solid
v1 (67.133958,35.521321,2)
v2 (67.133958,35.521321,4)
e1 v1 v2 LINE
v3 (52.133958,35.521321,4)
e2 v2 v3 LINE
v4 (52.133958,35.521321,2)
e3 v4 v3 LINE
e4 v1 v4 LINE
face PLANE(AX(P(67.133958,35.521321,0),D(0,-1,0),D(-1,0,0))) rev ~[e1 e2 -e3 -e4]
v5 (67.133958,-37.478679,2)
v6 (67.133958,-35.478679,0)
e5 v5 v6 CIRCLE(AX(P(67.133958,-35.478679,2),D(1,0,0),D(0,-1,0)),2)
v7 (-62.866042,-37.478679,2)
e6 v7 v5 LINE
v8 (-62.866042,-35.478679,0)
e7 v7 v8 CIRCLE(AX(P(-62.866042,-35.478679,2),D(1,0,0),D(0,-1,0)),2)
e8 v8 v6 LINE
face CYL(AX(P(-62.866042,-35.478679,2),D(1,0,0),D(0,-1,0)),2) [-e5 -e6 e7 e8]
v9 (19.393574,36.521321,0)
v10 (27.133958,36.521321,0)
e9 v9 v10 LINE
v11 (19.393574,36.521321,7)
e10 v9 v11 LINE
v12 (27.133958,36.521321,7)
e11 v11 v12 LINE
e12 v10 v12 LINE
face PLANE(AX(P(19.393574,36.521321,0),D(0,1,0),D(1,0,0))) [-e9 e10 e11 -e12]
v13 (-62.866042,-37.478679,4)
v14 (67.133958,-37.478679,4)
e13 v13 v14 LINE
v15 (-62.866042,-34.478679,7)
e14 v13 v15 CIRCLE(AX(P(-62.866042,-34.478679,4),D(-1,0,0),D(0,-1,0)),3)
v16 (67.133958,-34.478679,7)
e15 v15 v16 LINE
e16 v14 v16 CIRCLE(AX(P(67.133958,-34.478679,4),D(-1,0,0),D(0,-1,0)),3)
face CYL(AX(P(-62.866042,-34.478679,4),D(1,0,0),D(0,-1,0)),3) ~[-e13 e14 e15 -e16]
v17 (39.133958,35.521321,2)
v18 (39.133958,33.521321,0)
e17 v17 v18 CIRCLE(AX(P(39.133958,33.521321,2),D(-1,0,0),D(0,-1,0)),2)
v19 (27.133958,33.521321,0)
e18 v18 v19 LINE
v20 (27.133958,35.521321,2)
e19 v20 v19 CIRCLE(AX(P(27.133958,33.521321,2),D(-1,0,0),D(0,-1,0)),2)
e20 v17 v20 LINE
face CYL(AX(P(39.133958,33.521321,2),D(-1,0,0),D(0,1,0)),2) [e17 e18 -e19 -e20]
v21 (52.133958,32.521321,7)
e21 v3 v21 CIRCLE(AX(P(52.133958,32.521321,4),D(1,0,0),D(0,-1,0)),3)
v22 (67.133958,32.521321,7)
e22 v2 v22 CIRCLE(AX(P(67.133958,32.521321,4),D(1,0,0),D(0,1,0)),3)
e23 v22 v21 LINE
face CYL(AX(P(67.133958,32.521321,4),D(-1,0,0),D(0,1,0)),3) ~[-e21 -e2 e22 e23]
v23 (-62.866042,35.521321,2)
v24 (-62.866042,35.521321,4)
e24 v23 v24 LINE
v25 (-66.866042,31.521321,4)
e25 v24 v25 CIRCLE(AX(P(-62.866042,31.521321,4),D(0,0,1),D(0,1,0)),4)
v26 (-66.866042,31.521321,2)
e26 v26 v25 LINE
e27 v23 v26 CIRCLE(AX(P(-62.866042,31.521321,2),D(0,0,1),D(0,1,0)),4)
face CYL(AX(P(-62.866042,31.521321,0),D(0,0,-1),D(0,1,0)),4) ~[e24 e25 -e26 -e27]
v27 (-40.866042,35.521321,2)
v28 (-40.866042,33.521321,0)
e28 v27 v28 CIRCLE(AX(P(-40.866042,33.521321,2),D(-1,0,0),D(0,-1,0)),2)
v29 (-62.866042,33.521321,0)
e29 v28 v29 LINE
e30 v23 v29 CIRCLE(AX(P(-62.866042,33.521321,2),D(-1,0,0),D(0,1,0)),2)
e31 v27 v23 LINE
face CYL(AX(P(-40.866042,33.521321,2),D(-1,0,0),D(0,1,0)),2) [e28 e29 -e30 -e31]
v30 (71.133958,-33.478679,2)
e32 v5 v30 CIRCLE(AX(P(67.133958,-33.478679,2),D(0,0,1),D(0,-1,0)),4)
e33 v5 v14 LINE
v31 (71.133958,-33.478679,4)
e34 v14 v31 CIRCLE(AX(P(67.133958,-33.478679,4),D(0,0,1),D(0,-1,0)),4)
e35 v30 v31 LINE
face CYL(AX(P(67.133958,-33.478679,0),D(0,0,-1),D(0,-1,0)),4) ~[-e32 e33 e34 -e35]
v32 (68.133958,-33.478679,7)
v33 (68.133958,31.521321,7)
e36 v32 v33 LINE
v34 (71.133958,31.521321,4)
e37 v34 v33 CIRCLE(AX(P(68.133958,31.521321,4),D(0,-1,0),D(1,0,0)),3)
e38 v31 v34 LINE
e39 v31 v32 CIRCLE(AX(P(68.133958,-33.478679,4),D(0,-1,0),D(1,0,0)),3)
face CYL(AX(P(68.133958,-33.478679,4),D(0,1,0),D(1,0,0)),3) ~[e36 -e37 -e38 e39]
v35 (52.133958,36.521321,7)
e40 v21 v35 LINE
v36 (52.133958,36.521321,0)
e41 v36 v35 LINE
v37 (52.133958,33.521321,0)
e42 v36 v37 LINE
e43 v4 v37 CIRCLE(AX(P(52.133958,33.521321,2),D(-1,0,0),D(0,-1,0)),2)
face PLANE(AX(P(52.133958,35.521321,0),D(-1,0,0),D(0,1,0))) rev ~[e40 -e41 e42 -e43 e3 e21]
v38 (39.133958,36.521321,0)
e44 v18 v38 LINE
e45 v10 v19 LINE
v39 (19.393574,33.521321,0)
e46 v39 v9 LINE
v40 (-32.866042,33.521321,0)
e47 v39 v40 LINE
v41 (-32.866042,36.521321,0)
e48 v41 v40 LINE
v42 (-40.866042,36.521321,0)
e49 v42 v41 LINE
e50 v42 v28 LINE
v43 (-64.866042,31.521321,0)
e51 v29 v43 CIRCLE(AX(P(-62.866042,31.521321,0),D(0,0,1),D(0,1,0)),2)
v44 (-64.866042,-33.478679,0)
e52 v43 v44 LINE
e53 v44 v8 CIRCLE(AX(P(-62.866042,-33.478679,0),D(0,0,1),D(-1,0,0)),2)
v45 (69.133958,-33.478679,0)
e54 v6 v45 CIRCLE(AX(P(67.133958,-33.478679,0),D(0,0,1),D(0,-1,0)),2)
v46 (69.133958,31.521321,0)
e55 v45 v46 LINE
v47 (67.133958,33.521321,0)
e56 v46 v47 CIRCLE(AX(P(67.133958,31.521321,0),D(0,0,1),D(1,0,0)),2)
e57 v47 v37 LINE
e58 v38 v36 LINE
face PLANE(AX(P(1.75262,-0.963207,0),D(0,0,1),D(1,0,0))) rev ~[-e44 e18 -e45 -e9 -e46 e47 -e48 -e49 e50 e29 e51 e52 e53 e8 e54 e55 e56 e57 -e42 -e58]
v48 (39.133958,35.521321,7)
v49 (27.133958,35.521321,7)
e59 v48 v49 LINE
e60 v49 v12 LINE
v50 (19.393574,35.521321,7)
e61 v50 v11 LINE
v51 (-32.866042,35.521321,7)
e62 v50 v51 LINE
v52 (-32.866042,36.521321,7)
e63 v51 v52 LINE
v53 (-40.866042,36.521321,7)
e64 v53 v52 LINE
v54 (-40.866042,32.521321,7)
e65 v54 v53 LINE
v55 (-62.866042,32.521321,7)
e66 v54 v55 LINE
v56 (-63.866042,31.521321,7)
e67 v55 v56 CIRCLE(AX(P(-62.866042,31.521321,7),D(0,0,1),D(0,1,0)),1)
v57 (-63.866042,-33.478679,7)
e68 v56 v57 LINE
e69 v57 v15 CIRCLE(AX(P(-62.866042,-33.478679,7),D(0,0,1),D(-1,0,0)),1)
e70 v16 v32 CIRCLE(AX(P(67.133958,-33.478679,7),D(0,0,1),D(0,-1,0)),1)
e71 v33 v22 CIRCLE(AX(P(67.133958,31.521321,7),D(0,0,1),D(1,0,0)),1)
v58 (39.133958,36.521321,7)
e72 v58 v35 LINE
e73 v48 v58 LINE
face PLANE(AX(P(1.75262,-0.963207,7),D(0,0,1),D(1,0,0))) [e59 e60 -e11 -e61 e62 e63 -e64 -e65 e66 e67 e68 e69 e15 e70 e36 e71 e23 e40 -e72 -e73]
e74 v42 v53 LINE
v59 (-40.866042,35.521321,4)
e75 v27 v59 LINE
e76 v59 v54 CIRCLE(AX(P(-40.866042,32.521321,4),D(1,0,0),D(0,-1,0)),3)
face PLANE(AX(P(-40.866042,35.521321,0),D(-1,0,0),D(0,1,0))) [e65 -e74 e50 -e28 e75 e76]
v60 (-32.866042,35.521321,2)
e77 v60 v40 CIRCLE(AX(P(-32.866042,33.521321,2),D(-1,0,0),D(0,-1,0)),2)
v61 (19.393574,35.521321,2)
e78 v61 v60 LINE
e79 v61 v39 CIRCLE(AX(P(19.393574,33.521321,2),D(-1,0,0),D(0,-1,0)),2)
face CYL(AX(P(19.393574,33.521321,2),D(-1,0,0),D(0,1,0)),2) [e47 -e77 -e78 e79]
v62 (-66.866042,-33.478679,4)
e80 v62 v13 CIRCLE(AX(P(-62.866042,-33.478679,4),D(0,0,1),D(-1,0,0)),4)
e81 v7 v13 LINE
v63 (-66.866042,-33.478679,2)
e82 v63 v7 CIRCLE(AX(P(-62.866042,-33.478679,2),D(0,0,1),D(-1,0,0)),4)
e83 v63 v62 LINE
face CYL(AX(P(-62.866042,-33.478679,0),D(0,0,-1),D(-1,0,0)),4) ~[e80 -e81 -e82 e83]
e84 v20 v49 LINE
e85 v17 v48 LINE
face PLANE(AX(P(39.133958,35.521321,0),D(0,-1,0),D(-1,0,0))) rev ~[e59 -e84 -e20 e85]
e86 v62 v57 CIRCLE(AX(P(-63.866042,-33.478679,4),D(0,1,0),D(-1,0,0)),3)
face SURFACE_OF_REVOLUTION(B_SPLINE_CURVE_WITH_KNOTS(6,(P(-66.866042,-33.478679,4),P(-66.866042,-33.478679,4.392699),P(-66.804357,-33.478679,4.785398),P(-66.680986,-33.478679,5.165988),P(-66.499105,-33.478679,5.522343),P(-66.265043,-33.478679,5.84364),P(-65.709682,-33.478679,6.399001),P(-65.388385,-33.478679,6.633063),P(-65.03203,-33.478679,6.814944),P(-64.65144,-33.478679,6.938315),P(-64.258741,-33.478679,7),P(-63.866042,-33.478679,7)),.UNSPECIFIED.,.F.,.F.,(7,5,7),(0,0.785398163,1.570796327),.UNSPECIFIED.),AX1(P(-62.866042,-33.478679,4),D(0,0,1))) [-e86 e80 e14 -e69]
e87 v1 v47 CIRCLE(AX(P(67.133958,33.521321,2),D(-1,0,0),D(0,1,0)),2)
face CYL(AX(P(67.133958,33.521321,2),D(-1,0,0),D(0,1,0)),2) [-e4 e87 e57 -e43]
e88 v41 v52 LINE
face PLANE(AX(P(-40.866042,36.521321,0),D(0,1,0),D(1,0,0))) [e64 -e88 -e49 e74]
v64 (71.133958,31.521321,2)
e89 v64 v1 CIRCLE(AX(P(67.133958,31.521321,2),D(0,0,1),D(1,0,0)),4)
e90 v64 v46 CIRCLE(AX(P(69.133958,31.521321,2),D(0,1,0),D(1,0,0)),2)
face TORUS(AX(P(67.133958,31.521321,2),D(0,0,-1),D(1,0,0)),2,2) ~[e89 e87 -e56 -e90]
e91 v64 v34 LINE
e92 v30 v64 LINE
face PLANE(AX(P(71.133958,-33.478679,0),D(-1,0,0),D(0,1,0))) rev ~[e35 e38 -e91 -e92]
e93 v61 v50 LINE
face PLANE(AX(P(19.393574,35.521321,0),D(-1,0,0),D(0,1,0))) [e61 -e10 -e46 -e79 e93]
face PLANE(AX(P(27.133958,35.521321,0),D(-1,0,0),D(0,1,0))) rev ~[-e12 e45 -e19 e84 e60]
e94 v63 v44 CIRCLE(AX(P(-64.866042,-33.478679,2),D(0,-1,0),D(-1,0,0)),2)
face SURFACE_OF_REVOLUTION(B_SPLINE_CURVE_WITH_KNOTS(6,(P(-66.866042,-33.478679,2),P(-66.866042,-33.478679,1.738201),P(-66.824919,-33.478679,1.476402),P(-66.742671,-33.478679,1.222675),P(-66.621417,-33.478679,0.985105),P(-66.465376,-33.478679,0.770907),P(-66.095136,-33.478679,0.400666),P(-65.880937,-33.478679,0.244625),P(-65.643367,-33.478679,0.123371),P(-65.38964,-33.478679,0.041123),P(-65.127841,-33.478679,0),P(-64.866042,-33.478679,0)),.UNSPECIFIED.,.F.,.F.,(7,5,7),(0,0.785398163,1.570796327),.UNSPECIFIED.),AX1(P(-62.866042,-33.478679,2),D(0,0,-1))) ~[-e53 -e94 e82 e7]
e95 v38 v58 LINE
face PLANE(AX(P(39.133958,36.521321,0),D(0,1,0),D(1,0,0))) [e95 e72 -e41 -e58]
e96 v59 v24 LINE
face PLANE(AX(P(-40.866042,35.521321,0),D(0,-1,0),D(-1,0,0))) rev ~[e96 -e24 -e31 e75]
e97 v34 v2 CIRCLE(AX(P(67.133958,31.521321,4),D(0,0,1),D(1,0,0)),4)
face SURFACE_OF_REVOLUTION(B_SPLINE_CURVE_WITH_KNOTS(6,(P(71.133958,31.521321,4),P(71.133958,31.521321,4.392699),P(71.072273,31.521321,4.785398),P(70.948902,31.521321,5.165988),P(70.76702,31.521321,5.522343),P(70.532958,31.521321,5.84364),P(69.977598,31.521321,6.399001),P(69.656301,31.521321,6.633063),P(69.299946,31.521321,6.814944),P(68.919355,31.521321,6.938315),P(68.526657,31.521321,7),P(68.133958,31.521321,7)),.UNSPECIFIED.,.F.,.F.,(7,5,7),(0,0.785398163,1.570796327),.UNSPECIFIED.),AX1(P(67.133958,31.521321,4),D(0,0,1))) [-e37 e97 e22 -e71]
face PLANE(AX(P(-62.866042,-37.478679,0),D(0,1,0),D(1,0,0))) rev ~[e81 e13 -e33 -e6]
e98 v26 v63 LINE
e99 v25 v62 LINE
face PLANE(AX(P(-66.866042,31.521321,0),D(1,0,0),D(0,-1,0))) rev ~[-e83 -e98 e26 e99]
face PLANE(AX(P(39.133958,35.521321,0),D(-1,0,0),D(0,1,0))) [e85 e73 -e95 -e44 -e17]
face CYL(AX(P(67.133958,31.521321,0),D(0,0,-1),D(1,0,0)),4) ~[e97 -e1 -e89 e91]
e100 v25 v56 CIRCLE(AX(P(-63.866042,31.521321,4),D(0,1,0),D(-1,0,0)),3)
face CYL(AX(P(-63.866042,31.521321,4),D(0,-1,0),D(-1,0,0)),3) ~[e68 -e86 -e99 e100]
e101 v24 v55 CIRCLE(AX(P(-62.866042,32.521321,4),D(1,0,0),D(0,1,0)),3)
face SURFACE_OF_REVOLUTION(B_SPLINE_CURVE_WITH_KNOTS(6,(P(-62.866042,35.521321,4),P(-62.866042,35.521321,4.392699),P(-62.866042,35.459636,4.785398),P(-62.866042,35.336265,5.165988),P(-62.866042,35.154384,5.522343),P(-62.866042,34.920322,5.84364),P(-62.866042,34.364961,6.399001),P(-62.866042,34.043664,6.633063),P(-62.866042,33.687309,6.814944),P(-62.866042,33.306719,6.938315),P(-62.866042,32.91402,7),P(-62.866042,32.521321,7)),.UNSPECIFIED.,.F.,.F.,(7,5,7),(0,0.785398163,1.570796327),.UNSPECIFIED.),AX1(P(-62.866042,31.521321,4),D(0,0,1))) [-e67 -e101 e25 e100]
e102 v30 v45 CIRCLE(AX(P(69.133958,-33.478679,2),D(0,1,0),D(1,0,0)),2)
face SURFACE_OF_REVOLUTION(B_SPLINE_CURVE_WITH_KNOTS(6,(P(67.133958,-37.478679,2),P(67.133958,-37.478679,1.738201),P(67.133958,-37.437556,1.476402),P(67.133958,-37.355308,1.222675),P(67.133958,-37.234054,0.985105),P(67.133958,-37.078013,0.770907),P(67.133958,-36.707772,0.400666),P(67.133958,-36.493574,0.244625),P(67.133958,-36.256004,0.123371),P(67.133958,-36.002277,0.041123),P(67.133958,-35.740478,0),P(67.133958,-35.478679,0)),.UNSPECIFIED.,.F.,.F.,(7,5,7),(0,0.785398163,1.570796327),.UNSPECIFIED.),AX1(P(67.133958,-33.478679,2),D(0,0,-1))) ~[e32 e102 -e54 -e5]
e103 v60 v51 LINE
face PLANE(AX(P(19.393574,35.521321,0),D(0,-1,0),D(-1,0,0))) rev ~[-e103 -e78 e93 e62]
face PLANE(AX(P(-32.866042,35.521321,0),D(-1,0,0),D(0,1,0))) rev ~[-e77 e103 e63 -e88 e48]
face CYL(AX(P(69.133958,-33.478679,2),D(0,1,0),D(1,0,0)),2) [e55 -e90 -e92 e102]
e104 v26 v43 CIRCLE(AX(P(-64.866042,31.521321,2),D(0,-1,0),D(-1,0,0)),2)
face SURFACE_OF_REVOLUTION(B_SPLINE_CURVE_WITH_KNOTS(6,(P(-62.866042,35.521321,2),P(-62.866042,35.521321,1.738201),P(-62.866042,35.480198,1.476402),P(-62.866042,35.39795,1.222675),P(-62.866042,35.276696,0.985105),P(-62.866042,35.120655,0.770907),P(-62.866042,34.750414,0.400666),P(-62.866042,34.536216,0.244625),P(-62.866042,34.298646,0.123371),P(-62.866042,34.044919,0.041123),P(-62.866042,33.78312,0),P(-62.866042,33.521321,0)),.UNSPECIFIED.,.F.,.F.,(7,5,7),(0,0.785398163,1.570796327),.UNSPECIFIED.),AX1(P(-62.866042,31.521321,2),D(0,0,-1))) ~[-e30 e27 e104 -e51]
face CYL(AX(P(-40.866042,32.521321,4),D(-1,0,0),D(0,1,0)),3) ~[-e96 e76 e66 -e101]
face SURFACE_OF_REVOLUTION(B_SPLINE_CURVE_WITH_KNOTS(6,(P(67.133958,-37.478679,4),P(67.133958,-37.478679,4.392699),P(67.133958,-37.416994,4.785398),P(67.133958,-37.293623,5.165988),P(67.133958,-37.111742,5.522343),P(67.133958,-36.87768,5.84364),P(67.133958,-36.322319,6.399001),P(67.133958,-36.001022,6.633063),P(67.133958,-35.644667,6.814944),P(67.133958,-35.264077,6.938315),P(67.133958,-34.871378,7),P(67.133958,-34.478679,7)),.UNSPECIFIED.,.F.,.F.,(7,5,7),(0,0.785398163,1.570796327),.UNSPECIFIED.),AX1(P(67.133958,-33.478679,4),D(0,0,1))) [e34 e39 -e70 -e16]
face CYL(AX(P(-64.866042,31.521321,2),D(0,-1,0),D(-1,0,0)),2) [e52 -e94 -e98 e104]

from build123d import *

# Parameters (mm, degrees)
F0_W     = 8
F0_H     = 1
F0_W_2   = 7.7403839678
F0_W_3   = 13
F1_DEPTH = 7
F2_R     = 3
F3_R     = 2


with BuildPart() as f1:
    # F0 (on Top) → F1 (new body)
    with BuildSketch(Plane.XY):
        with BuildLine():
            Line((-40.8660421073, 35.5213209987), (-62.8660421073, 35.5213209987))
            ThreePointArc((-62.8660421073, 35.5213209987), (-65.6944692321, 34.3497481234), (-66.8660421073, 31.5213209987))
            Line((-66.8660421073, 31.5213209987), (-66.8660421073, 5.6138705388))
            Line((-66.8660421073, 5.6138705388), (-65.8120451986, 5.6138705388))
            ThreePointArc((-65.8120451986, 5.6138705388), (-65.5673840665, 5.5125285796), (-65.4660421073, 5.2678674475))
            Line((-65.4660421073, 5.2678674475), (-65.4660421073, -2.04012637))
            ThreePointArc((-65.4660421073, -2.04012637), (-65.5673840665, -2.2847875021), (-65.8120451986, -2.3861294612))
            Line((-65.8120451986, -2.3861294612), (-66.8660421073, -2.3861294612))
            Line((-66.8660421073, -2.3861294612), (-66.8660421073, -33.4786790013))
            ThreePointArc((-66.8660421073, -33.4786790013), (-65.6944692321, -36.3071061261), (-62.8660421073, -37.4786790013))
            Line((-62.8660421073, -37.4786790013), (67.1339578927, -37.4786790013))
            ThreePointArc((67.1339578927, -37.4786790013), (69.9623850174, -36.3071061261), (71.1339578927, -33.4786790013))
            Line((71.1339578927, -33.4786790013), (71.1339578927, 31.5213209987))
            ThreePointArc((71.1339578927, 31.5213209987), (69.9623850174, 34.3497481234), (67.1339578927, 35.5213209987))
            Line((67.1339578927, 35.5213209987), (52.1339578927, 35.5213209987))
            Line((52.1339578927, 35.5213209987), (39.1339578927, 35.5213209987))
            Line((39.1339578927, 35.5213209987), (27.1339578927, 35.5213209987))
            Line((27.1339578927, 35.5213209987), (19.3935739249, 35.5213209987))
            Line((19.3935739249, 35.5213209987), (-32.8660421073, 35.5213209987))
            Line((-32.8660421073, 35.5213209987), (-40.8660421073, 35.5213209987))
        make_face()
        with Locations((-36.8660421073, 36.0213209987)):
            Rectangle(F0_W, F0_H)
        with BuildLine():
            Line((-65.8120451986, 5.6138705388), (-66.8660421073, 5.6138705388))
            Line((-66.8660421073, 5.6138705388), (-66.8660421073, -2.3861294612))
            Line((-66.8660421073, -2.3861294612), (-65.8120451986, -2.3861294612))
            ThreePointArc((-65.8120451986, -2.3861294612), (-65.5673840665, -2.2847875021), (-65.4660421073, -2.04012637))
            Line((-65.4660421073, -2.04012637), (-65.4660421073, 5.2678674475))
            ThreePointArc((-65.4660421073, 5.2678674475), (-65.5673840665, 5.5125285796), (-65.8120451986, 5.6138705388))
        make_face()
        with Locations((23.2637659088, 36.0213209987)):
            Rectangle(F0_W_2, F0_H)
        with Locations((45.6339578927, 36.0213209987)):
            Rectangle(F0_W_3, F0_H)
    extrude(amount=F1_DEPTH)

    # F2
    f2_edges = [f1.edges().sort_by_distance(p)[0] for p in [
        (2.133958, -37.478679, 7),
    ]]
    fillet(f2_edges, radius=F2_R)

    # F3
    f3_edges = [f1.edges().sort_by_distance(p)[0] for p in [
        (2.133958, -37.478679, 0),
        (-6.736234, 35.521321, 0),
        (33.133958, 35.521321, 0),
    ]]
    fillet(f3_edges, radius=F3_R)


solid = f1.part
